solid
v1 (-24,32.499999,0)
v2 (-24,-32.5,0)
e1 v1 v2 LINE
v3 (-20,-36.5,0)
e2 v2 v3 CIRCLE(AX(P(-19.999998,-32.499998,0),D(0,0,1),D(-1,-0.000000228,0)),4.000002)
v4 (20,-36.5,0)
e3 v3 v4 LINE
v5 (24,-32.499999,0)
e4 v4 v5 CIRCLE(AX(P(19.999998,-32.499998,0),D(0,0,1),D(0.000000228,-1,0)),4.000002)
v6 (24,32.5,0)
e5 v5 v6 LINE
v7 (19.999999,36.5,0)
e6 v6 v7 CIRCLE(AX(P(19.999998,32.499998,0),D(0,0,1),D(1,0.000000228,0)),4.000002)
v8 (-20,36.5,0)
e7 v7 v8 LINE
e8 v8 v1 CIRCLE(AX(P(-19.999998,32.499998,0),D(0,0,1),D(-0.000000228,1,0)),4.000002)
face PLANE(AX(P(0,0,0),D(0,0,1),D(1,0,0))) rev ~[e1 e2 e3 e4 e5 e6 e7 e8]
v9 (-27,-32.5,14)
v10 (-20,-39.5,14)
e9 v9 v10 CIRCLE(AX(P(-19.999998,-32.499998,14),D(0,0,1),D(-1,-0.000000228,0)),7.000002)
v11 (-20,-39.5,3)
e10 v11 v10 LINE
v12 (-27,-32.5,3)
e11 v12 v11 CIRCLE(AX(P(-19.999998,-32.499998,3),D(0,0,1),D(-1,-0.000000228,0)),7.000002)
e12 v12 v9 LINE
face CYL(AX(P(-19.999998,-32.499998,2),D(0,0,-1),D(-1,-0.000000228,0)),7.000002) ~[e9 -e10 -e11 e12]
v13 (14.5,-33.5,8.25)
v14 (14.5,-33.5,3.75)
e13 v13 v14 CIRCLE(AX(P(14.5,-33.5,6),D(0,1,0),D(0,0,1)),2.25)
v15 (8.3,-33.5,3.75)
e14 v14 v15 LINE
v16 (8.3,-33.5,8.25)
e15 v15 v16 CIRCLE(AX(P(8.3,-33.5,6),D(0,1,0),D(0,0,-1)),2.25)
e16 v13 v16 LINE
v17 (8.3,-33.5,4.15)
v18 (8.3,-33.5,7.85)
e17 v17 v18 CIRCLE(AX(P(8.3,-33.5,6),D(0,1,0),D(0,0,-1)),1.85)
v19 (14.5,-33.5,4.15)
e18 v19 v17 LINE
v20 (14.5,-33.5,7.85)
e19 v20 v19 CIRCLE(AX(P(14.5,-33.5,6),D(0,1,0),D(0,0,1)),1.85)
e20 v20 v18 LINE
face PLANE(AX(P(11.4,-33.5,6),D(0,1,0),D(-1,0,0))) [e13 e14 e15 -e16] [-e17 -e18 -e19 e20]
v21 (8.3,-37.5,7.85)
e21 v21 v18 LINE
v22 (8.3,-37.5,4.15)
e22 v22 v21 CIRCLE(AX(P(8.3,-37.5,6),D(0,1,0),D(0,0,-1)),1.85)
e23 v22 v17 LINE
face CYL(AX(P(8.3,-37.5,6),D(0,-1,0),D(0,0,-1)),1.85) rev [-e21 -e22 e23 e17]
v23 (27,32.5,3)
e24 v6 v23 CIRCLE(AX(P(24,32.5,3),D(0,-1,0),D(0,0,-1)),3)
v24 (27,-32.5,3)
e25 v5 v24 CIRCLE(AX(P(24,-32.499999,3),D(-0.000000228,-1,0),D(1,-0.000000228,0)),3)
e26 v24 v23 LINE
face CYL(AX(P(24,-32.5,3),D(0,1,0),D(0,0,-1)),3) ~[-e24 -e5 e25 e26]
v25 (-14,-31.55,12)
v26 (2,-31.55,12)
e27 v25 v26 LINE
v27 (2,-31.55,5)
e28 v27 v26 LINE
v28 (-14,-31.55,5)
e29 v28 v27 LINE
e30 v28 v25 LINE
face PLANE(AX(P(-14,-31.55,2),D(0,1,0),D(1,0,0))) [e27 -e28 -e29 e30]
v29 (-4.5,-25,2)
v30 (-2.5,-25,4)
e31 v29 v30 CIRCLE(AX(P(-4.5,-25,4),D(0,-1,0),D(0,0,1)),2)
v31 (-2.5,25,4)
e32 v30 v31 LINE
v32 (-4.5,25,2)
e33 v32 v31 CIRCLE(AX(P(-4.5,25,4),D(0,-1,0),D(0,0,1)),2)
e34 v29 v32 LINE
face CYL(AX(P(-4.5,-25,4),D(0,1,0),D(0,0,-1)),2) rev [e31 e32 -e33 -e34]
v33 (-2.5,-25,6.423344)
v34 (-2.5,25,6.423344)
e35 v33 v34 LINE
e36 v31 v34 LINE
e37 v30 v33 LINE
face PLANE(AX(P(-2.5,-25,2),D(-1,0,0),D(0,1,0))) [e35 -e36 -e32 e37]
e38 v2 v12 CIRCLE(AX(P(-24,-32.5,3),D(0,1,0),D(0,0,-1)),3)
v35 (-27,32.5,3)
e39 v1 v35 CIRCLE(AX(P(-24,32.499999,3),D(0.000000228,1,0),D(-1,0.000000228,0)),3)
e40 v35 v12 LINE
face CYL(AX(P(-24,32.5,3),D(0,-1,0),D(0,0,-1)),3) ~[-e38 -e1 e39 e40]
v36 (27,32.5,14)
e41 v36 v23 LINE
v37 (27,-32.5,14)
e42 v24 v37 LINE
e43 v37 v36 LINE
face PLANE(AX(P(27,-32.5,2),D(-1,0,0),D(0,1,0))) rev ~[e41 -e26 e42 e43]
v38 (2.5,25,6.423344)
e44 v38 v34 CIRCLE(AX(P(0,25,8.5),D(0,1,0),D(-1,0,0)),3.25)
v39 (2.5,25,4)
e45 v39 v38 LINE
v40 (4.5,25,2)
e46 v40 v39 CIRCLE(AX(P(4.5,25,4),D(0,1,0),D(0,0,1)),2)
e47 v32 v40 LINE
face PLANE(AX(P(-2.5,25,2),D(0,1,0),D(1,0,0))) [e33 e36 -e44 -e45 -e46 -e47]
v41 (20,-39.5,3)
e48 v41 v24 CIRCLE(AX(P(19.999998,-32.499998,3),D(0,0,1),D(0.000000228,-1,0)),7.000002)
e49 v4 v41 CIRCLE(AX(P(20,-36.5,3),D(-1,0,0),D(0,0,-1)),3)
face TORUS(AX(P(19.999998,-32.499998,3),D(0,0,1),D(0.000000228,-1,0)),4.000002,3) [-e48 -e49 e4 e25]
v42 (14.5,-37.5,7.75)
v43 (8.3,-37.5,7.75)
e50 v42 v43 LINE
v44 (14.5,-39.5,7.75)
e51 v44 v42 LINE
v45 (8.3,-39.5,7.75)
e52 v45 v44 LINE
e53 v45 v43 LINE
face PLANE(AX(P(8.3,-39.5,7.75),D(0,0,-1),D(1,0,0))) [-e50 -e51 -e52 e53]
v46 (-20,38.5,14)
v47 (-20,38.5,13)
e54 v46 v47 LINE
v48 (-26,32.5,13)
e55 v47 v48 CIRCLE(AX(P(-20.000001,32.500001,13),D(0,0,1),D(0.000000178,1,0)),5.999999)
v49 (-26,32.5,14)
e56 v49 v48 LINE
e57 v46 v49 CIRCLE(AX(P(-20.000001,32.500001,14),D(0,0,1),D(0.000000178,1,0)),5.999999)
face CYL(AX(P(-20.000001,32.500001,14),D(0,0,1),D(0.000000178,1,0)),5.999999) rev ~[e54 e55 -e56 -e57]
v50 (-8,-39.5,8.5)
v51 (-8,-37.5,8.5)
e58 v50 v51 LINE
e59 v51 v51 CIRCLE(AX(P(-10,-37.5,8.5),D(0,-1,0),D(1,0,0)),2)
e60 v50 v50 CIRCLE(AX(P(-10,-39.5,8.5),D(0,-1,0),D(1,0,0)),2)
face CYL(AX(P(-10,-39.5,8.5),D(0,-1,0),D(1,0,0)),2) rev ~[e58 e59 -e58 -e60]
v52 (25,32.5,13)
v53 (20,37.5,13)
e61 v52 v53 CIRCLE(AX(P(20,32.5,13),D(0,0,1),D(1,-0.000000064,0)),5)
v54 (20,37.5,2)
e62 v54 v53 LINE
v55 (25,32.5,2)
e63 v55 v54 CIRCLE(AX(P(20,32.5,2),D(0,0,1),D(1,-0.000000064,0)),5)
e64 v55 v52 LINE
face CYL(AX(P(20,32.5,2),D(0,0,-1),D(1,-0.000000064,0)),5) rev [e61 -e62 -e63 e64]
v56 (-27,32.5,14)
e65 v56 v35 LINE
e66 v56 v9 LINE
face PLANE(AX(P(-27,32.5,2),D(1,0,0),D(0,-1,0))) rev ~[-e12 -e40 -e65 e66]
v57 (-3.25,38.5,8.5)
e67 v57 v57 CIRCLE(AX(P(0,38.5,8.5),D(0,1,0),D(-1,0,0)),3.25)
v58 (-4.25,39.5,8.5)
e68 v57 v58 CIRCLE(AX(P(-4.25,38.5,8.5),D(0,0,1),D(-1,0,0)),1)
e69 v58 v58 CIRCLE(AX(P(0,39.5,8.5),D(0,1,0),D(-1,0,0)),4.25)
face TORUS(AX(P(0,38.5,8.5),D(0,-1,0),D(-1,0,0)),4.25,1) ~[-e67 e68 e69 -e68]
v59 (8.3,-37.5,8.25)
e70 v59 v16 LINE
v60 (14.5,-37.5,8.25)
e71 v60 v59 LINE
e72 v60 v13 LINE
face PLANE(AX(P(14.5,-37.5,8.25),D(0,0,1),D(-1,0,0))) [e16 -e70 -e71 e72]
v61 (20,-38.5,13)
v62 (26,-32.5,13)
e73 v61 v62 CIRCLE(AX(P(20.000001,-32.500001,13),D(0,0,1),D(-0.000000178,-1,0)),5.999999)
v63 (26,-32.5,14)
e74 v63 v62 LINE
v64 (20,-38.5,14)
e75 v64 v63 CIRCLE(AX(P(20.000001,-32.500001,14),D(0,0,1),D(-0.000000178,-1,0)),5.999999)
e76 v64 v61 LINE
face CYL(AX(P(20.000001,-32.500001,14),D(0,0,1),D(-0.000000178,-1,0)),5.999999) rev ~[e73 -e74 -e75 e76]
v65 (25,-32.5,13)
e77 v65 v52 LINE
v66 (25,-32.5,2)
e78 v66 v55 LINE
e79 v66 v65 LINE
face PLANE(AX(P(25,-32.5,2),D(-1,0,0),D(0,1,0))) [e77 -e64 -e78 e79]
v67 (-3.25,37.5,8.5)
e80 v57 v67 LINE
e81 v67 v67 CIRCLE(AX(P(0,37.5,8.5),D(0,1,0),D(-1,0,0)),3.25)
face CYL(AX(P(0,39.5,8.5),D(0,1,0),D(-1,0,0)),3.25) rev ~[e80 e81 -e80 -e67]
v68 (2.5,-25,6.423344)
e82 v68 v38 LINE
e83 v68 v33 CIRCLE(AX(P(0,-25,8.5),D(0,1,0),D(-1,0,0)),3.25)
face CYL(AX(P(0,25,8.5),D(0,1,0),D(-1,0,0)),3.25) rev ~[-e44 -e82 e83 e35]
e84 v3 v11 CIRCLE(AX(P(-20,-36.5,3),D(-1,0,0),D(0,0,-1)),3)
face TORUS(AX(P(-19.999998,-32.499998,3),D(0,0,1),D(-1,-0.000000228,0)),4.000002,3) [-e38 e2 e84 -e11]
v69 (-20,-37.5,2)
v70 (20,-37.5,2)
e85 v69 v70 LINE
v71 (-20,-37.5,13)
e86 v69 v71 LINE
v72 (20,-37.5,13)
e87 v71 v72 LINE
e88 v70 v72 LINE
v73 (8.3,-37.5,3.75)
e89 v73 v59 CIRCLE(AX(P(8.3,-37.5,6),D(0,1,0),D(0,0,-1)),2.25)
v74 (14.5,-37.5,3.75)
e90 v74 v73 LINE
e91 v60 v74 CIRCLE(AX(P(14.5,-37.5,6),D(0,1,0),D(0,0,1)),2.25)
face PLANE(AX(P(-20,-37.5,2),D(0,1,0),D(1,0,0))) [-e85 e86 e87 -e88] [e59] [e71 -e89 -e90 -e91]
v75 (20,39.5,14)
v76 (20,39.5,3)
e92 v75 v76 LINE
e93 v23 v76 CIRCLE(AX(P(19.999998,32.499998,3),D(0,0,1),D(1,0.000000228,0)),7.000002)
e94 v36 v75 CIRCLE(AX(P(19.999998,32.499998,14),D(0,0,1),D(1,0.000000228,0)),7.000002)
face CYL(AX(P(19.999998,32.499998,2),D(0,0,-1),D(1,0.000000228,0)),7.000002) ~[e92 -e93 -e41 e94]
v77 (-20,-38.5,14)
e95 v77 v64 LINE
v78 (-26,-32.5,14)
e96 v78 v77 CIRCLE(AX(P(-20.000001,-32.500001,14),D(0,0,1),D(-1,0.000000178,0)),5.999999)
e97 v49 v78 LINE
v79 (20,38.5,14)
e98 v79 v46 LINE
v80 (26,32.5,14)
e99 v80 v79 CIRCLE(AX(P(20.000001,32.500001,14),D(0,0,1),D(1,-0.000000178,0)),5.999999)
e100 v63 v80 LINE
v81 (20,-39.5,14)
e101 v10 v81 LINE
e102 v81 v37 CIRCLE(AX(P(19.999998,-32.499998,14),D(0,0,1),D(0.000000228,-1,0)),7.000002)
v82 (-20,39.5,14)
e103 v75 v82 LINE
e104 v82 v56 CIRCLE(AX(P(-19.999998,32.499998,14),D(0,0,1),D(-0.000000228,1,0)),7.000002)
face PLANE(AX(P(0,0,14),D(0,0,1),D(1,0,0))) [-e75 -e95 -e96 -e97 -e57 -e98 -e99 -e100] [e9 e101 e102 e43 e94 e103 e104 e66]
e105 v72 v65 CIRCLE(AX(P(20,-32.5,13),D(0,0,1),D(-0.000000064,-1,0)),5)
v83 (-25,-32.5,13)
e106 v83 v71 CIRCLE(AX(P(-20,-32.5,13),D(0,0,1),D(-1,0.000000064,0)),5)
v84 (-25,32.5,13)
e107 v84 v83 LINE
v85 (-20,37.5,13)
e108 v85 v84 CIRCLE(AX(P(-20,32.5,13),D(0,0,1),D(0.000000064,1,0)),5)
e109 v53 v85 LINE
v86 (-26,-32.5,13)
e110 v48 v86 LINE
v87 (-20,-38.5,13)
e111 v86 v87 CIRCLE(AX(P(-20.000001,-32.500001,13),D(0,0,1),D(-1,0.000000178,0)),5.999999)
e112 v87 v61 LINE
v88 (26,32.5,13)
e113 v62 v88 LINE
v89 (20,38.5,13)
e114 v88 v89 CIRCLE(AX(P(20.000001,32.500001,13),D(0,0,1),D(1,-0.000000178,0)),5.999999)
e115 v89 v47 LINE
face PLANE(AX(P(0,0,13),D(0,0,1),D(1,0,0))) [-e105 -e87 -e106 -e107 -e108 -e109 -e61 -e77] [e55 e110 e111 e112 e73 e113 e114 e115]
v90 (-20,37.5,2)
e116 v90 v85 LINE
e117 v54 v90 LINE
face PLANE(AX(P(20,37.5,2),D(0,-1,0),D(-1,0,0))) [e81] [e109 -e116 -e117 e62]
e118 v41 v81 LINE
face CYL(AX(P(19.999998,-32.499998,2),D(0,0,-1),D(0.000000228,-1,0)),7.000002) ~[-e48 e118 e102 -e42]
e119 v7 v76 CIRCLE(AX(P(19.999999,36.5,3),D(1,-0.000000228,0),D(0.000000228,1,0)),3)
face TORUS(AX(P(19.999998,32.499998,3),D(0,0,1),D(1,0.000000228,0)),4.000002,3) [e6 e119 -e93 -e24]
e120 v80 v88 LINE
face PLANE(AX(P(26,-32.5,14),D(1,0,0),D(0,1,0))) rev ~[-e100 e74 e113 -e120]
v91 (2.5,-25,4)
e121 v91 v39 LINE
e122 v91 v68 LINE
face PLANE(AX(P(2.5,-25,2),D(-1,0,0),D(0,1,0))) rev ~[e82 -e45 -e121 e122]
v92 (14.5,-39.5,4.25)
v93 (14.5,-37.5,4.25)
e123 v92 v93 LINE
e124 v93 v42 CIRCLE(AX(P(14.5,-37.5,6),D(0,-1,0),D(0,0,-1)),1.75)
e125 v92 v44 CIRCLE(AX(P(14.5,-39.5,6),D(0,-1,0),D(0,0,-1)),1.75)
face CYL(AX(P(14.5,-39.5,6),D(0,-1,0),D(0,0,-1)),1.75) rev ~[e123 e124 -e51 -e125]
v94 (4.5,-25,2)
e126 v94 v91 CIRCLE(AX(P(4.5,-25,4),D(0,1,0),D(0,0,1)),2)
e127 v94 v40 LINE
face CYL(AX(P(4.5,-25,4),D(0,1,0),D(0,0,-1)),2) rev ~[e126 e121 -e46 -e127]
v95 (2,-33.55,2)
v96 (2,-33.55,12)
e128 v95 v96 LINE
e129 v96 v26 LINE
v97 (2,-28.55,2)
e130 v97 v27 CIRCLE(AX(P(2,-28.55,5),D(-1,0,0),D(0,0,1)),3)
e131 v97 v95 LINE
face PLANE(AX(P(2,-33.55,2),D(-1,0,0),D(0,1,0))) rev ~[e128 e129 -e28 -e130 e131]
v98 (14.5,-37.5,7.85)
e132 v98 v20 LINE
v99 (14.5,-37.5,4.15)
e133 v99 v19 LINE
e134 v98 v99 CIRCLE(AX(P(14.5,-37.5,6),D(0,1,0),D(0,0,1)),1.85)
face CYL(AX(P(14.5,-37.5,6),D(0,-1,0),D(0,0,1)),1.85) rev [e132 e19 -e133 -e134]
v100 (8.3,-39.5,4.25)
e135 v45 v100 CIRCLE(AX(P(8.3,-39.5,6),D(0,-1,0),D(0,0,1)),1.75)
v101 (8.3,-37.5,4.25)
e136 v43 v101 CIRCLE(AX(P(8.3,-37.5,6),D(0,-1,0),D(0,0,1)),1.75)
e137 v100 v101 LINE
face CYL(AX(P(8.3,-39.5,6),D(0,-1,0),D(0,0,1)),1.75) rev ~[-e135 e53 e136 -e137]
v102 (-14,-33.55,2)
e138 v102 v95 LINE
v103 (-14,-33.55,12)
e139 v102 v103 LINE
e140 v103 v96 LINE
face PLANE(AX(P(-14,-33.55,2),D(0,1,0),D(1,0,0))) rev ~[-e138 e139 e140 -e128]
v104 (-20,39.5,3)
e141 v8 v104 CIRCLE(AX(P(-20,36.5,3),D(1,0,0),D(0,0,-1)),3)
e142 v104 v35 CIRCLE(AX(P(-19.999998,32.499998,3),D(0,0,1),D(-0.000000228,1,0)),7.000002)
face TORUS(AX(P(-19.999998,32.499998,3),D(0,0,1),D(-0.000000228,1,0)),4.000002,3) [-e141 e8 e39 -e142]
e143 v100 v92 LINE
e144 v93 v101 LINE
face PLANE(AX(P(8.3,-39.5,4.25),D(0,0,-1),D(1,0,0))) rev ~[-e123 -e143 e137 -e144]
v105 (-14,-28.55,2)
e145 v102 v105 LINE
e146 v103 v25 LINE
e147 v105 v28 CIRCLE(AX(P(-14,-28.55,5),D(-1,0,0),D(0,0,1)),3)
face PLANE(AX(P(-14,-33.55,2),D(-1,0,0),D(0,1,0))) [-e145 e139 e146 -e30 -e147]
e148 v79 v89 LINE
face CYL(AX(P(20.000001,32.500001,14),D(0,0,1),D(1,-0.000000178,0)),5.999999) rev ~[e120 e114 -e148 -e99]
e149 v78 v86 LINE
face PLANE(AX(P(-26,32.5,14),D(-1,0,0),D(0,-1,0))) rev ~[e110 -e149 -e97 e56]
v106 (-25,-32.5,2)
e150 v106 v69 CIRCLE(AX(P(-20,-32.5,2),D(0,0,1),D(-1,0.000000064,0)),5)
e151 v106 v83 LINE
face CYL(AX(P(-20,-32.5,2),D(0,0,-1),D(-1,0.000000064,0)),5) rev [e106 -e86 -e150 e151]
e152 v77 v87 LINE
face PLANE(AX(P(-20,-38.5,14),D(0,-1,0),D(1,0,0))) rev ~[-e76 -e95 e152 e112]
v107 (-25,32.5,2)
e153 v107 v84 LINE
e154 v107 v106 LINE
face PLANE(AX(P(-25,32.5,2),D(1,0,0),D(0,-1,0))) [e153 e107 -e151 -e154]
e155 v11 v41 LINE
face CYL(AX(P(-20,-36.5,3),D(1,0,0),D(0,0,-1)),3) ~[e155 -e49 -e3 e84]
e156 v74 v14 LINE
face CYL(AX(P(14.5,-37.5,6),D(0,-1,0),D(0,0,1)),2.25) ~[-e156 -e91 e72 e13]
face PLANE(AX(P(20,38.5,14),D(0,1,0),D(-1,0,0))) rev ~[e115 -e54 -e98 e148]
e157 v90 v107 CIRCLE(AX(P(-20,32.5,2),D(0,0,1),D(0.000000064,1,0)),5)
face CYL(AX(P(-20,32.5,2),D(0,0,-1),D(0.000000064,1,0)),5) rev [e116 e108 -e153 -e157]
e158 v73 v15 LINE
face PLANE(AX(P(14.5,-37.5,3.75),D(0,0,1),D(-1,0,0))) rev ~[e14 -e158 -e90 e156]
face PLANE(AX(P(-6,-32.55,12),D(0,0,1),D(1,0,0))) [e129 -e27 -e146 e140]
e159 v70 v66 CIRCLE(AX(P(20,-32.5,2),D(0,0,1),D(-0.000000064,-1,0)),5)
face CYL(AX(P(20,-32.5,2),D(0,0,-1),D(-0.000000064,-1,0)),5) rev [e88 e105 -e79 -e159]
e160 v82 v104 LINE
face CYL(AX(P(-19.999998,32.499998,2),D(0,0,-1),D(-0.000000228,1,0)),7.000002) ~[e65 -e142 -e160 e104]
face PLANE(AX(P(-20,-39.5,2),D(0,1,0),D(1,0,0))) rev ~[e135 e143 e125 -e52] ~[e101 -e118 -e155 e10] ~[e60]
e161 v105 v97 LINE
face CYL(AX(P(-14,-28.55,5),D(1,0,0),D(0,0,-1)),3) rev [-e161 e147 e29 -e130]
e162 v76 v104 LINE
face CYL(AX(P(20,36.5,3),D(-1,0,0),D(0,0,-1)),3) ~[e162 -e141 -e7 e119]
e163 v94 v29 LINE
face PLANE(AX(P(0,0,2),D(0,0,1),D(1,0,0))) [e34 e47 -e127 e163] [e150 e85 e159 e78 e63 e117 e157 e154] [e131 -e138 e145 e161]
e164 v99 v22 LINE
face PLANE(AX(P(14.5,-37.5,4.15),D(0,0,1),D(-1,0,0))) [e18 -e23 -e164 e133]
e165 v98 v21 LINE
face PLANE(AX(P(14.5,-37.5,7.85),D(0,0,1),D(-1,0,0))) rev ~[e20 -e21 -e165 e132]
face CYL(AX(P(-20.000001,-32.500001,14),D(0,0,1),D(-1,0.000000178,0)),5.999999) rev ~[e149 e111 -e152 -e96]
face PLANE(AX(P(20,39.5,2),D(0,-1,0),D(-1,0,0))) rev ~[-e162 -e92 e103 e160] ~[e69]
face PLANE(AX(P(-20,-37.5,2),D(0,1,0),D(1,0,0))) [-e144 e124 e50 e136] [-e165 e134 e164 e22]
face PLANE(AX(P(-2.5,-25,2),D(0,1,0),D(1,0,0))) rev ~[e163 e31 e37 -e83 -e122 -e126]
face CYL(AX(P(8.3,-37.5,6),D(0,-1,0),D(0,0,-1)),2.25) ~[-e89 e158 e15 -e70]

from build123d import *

# Parameters (mm, degrees)
PAD_DEPTH       = 2
PAD001_DEPTH    = 12
FILLET_R        = 3
SKETCH002_R     = 2
POCKET_DEPTH    = 5
POCKET003_DEPTH = 1
SKETCH016_W     = 16
SKETCH016_H     = 2
PAD007_DEPTH    = 10
FILLET002_R     = 3
PAD008_DEPTH    = 4
SKETCH019_R     = 3.25
POCKET005_DEPTH = 2
FILLET004_R     = 1
SKETCH020_W     = 5
SKETCH020_H     = 50
PAD009_DEPTH    = 8
FILLET005_R     = 2
SKETCH021_R     = 3.25
POCKET006_DEPTH = 50


with BuildPart() as part:
    # Sketch → Pad (new body)
    with BuildSketch(Plane.XY):
        with BuildLine():
            Line((-27, 32.5), (-27, -32.5))
            ThreePointArc((-27, -32.5), (-24.949747, -37.449747), (-20, -39.5))
            Line((-20, -39.5), (20, -39.5))
            ThreePointArc((20, -39.5), (24.949747, -37.449747), (27, -32.5))
            Line((27, -32.5), (27, 32.5))
            ThreePointArc((27, 32.5), (24.949747, 37.449747), (20, 39.5))
            Line((20, 39.5), (-20, 39.5))
            ThreePointArc((-20, 39.5), (-24.949747, 37.449747), (-27, 32.5))
        make_face()
    extrude(amount=PAD_DEPTH)

    # Sketch001 (on Face10 of Pad) → Pad001 (join)
    with BuildSketch(Plane.XY.offset(2)):
        with BuildLine():
            Line((-27, 32.5), (-27, -32.5))
            ThreePointArc((-27, -32.5), (-24.949747, -37.449747), (-20, -39.5))
            Line((-20, -39.5), (20, -39.5))
            ThreePointArc((20, -39.5), (24.949747, -37.449747), (27, -32.5))
            Line((27, -32.5), (27, 32.5))
            ThreePointArc((27, 32.5), (24.949747, 37.449747), (20, 39.5))
            Line((20, 39.5), (-20, 39.5))
            ThreePointArc((-20, 39.5), (-24.949747, 37.449747), (-27, 32.5))
        make_face()
        with BuildLine():
            Line((-25, 32.5), (-25, -32.5))
            ThreePointArc((-25, -32.5), (-23.535534, -36.035534), (-20, -37.5))
            Line((-20, -37.5), (20, -37.5))
            ThreePointArc((20, -37.5), (23.535534, -36.035534), (25, -32.5))
            Line((25, -32.5), (25, 32.5))
            ThreePointArc((25, 32.5), (23.535534, 36.035534), (20, 37.5))
            Line((20, 37.5), (-20, 37.5))
            ThreePointArc((-20, 37.5), (-23.535534, 36.035534), (-25, 32.5))
        make_face(mode=Mode.SUBTRACT)
    extrude(amount=PAD001_DEPTH)

    # Fillet
    fillet_edges = [part.edges().sort_by_distance(p)[0] for p in [
        (0, -39.5, 0),
    ]]
    fillet(fillet_edges, radius=FILLET_R)

    # Sketch002 (on Face10 of Fillet) → Pocket (cut)
    with BuildSketch(Plane.XZ.offset(39.5)):
        with Locations((-10, 8.5)):
            Circle(SKETCH002_R)
        with BuildLine():
            ThreePointArc((8.3, 7.75), (6.55, 6), (8.3, 4.25))
            Line((8.3, 4.25), (14.5, 4.25))
            ThreePointArc((14.5, 4.25), (16.25, 6), (14.5, 7.75))
            Line((8.3, 7.75), (14.5, 7.75))
        make_face()
    extrude(amount=-POCKET_DEPTH, mode=Mode.SUBTRACT)

    # Sketch007 → Pocket003 (cut)
    with BuildSketch(Plane.XY.offset(14)):
        with BuildLine():
            Line((-26, 32.5), (-26, -32.5))
            ThreePointArc((-26, -32.5), (-24.242641, -36.742641), (-20, -38.5))
            Line((-20, -38.5), (20, -38.5))
            ThreePointArc((20, -38.5), (24.242641, -36.742641), (26, -32.5))
            Line((26, -32.5), (26, 32.5))
            ThreePointArc((26, 32.5), (24.242641, 36.742641), (20, 38.5))
            Line((20, 38.5), (-20, 38.5))
            ThreePointArc((-20, 38.5), (-24.242641, 36.742641), (-26, 32.5))
        make_face()
        with BuildLine():
            Line((-25, 32.5), (-25, -32.5))
            ThreePointArc((-25, -32.5), (-23.535534, -36.035534), (-20, -37.5))
            Line((-20, -37.5), (20, -37.5))
            ThreePointArc((20, -37.5), (23.535534, -36.035534), (25, -32.5))
            Line((25, -32.5), (25, 32.5))
            ThreePointArc((25, 32.5), (23.535534, 36.035534), (20, 37.5))
            Line((20, 37.5), (-20, 37.5))
            ThreePointArc((-20, 37.5), (-23.535534, 36.035534), (-25, 32.5))
        make_face(mode=Mode.SUBTRACT)
    extrude(amount=-POCKET003_DEPTH, mode=Mode.SUBTRACT)

    # Sketch016 (on Face34 of Pocket003) → Pad007 (join)
    with BuildSketch(Plane.XY.offset(2)):
        with Locations((-6, -32.55)):
            Rectangle(SKETCH016_W, SKETCH016_H)
    extrude(amount=PAD007_DEPTH)

    # Fillet002
    fillet002_edges = [part.edges().sort_by_distance(p)[0] for p in [
        (-6, -31.55, 2),
    ]]
    fillet(fillet002_edges, radius=FILLET002_R)

    # Sketch017 (on Face12 of Fillet002) → Pad008 (join)
    with BuildSketch(Plane(origin=(0, -37.5, 0), x_dir=(-1, 0, 0), z_dir=(0, 1, 0))):
        with BuildLine():
            ThreePointArc((-14.5, 8.25), (-16.75, 6), (-14.5, 3.75))
            Line((-14.5, 3.75), (-8.3, 3.75))
            ThreePointArc((-8.3, 3.75), (-6.05, 6), (-8.3, 8.25))
            Line((-14.5, 8.25), (-8.3, 8.25))
        make_face()
        with BuildLine():
            ThreePointArc((-14.5, 7.85), (-16.35, 6), (-14.5, 4.15))
            Line((-14.5, 4.15), (-8.3, 4.15))
            ThreePointArc((-8.3, 4.15), (-6.45, 6), (-8.3, 7.85))
            Line((-14.5, 7.85), (-8.3, 7.85))
        make_face(mode=Mode.SUBTRACT)
    extrude(amount=PAD008_DEPTH)

    # Sketch019 (on Face46 of Pad008) → Pocket005 (cut)
    with BuildSketch(Plane(origin=(0, 39.5, 0), x_dir=(-1, 0, 0), z_dir=(0, 1, 0))):
        with Locations((0, 8.5)):
            Circle(SKETCH019_R)
    extrude(amount=-POCKET005_DEPTH, mode=Mode.SUBTRACT)

    # Fillet004
    fillet004_edges = [part.edges().sort_by_distance(p)[0] for p in [
        (3.25, 39.5, 8.5),
    ]]
    fillet(fillet004_edges, radius=FILLET004_R)

    # Sketch020 (on Face5 of Fillet004) → Pad009 (join)
    with BuildSketch(Plane.XY.offset(2)):
        Rectangle(SKETCH020_W, SKETCH020_H)
    extrude(amount=PAD009_DEPTH)

    # Fillet005
    fillet005_edges = [part.edges().sort_by_distance(p)[0] for p in [
        (2.5, 0, 2),
        (-2.5, 0, 2),
    ]]
    fillet(fillet005_edges, radius=FILLET005_R)

    # Sketch021 (on Face4 of Fillet005) → Pocket006 (cut)
    with BuildSketch(Plane(origin=(0, 25, 0), x_dir=(-1, 0, 0), z_dir=(0, 1, 0))):
        with Locations((0, 8.5)):
            Circle(SKETCH021_R)
    extrude(amount=-POCKET006_DEPTH, mode=Mode.SUBTRACT)


solid = part.part
